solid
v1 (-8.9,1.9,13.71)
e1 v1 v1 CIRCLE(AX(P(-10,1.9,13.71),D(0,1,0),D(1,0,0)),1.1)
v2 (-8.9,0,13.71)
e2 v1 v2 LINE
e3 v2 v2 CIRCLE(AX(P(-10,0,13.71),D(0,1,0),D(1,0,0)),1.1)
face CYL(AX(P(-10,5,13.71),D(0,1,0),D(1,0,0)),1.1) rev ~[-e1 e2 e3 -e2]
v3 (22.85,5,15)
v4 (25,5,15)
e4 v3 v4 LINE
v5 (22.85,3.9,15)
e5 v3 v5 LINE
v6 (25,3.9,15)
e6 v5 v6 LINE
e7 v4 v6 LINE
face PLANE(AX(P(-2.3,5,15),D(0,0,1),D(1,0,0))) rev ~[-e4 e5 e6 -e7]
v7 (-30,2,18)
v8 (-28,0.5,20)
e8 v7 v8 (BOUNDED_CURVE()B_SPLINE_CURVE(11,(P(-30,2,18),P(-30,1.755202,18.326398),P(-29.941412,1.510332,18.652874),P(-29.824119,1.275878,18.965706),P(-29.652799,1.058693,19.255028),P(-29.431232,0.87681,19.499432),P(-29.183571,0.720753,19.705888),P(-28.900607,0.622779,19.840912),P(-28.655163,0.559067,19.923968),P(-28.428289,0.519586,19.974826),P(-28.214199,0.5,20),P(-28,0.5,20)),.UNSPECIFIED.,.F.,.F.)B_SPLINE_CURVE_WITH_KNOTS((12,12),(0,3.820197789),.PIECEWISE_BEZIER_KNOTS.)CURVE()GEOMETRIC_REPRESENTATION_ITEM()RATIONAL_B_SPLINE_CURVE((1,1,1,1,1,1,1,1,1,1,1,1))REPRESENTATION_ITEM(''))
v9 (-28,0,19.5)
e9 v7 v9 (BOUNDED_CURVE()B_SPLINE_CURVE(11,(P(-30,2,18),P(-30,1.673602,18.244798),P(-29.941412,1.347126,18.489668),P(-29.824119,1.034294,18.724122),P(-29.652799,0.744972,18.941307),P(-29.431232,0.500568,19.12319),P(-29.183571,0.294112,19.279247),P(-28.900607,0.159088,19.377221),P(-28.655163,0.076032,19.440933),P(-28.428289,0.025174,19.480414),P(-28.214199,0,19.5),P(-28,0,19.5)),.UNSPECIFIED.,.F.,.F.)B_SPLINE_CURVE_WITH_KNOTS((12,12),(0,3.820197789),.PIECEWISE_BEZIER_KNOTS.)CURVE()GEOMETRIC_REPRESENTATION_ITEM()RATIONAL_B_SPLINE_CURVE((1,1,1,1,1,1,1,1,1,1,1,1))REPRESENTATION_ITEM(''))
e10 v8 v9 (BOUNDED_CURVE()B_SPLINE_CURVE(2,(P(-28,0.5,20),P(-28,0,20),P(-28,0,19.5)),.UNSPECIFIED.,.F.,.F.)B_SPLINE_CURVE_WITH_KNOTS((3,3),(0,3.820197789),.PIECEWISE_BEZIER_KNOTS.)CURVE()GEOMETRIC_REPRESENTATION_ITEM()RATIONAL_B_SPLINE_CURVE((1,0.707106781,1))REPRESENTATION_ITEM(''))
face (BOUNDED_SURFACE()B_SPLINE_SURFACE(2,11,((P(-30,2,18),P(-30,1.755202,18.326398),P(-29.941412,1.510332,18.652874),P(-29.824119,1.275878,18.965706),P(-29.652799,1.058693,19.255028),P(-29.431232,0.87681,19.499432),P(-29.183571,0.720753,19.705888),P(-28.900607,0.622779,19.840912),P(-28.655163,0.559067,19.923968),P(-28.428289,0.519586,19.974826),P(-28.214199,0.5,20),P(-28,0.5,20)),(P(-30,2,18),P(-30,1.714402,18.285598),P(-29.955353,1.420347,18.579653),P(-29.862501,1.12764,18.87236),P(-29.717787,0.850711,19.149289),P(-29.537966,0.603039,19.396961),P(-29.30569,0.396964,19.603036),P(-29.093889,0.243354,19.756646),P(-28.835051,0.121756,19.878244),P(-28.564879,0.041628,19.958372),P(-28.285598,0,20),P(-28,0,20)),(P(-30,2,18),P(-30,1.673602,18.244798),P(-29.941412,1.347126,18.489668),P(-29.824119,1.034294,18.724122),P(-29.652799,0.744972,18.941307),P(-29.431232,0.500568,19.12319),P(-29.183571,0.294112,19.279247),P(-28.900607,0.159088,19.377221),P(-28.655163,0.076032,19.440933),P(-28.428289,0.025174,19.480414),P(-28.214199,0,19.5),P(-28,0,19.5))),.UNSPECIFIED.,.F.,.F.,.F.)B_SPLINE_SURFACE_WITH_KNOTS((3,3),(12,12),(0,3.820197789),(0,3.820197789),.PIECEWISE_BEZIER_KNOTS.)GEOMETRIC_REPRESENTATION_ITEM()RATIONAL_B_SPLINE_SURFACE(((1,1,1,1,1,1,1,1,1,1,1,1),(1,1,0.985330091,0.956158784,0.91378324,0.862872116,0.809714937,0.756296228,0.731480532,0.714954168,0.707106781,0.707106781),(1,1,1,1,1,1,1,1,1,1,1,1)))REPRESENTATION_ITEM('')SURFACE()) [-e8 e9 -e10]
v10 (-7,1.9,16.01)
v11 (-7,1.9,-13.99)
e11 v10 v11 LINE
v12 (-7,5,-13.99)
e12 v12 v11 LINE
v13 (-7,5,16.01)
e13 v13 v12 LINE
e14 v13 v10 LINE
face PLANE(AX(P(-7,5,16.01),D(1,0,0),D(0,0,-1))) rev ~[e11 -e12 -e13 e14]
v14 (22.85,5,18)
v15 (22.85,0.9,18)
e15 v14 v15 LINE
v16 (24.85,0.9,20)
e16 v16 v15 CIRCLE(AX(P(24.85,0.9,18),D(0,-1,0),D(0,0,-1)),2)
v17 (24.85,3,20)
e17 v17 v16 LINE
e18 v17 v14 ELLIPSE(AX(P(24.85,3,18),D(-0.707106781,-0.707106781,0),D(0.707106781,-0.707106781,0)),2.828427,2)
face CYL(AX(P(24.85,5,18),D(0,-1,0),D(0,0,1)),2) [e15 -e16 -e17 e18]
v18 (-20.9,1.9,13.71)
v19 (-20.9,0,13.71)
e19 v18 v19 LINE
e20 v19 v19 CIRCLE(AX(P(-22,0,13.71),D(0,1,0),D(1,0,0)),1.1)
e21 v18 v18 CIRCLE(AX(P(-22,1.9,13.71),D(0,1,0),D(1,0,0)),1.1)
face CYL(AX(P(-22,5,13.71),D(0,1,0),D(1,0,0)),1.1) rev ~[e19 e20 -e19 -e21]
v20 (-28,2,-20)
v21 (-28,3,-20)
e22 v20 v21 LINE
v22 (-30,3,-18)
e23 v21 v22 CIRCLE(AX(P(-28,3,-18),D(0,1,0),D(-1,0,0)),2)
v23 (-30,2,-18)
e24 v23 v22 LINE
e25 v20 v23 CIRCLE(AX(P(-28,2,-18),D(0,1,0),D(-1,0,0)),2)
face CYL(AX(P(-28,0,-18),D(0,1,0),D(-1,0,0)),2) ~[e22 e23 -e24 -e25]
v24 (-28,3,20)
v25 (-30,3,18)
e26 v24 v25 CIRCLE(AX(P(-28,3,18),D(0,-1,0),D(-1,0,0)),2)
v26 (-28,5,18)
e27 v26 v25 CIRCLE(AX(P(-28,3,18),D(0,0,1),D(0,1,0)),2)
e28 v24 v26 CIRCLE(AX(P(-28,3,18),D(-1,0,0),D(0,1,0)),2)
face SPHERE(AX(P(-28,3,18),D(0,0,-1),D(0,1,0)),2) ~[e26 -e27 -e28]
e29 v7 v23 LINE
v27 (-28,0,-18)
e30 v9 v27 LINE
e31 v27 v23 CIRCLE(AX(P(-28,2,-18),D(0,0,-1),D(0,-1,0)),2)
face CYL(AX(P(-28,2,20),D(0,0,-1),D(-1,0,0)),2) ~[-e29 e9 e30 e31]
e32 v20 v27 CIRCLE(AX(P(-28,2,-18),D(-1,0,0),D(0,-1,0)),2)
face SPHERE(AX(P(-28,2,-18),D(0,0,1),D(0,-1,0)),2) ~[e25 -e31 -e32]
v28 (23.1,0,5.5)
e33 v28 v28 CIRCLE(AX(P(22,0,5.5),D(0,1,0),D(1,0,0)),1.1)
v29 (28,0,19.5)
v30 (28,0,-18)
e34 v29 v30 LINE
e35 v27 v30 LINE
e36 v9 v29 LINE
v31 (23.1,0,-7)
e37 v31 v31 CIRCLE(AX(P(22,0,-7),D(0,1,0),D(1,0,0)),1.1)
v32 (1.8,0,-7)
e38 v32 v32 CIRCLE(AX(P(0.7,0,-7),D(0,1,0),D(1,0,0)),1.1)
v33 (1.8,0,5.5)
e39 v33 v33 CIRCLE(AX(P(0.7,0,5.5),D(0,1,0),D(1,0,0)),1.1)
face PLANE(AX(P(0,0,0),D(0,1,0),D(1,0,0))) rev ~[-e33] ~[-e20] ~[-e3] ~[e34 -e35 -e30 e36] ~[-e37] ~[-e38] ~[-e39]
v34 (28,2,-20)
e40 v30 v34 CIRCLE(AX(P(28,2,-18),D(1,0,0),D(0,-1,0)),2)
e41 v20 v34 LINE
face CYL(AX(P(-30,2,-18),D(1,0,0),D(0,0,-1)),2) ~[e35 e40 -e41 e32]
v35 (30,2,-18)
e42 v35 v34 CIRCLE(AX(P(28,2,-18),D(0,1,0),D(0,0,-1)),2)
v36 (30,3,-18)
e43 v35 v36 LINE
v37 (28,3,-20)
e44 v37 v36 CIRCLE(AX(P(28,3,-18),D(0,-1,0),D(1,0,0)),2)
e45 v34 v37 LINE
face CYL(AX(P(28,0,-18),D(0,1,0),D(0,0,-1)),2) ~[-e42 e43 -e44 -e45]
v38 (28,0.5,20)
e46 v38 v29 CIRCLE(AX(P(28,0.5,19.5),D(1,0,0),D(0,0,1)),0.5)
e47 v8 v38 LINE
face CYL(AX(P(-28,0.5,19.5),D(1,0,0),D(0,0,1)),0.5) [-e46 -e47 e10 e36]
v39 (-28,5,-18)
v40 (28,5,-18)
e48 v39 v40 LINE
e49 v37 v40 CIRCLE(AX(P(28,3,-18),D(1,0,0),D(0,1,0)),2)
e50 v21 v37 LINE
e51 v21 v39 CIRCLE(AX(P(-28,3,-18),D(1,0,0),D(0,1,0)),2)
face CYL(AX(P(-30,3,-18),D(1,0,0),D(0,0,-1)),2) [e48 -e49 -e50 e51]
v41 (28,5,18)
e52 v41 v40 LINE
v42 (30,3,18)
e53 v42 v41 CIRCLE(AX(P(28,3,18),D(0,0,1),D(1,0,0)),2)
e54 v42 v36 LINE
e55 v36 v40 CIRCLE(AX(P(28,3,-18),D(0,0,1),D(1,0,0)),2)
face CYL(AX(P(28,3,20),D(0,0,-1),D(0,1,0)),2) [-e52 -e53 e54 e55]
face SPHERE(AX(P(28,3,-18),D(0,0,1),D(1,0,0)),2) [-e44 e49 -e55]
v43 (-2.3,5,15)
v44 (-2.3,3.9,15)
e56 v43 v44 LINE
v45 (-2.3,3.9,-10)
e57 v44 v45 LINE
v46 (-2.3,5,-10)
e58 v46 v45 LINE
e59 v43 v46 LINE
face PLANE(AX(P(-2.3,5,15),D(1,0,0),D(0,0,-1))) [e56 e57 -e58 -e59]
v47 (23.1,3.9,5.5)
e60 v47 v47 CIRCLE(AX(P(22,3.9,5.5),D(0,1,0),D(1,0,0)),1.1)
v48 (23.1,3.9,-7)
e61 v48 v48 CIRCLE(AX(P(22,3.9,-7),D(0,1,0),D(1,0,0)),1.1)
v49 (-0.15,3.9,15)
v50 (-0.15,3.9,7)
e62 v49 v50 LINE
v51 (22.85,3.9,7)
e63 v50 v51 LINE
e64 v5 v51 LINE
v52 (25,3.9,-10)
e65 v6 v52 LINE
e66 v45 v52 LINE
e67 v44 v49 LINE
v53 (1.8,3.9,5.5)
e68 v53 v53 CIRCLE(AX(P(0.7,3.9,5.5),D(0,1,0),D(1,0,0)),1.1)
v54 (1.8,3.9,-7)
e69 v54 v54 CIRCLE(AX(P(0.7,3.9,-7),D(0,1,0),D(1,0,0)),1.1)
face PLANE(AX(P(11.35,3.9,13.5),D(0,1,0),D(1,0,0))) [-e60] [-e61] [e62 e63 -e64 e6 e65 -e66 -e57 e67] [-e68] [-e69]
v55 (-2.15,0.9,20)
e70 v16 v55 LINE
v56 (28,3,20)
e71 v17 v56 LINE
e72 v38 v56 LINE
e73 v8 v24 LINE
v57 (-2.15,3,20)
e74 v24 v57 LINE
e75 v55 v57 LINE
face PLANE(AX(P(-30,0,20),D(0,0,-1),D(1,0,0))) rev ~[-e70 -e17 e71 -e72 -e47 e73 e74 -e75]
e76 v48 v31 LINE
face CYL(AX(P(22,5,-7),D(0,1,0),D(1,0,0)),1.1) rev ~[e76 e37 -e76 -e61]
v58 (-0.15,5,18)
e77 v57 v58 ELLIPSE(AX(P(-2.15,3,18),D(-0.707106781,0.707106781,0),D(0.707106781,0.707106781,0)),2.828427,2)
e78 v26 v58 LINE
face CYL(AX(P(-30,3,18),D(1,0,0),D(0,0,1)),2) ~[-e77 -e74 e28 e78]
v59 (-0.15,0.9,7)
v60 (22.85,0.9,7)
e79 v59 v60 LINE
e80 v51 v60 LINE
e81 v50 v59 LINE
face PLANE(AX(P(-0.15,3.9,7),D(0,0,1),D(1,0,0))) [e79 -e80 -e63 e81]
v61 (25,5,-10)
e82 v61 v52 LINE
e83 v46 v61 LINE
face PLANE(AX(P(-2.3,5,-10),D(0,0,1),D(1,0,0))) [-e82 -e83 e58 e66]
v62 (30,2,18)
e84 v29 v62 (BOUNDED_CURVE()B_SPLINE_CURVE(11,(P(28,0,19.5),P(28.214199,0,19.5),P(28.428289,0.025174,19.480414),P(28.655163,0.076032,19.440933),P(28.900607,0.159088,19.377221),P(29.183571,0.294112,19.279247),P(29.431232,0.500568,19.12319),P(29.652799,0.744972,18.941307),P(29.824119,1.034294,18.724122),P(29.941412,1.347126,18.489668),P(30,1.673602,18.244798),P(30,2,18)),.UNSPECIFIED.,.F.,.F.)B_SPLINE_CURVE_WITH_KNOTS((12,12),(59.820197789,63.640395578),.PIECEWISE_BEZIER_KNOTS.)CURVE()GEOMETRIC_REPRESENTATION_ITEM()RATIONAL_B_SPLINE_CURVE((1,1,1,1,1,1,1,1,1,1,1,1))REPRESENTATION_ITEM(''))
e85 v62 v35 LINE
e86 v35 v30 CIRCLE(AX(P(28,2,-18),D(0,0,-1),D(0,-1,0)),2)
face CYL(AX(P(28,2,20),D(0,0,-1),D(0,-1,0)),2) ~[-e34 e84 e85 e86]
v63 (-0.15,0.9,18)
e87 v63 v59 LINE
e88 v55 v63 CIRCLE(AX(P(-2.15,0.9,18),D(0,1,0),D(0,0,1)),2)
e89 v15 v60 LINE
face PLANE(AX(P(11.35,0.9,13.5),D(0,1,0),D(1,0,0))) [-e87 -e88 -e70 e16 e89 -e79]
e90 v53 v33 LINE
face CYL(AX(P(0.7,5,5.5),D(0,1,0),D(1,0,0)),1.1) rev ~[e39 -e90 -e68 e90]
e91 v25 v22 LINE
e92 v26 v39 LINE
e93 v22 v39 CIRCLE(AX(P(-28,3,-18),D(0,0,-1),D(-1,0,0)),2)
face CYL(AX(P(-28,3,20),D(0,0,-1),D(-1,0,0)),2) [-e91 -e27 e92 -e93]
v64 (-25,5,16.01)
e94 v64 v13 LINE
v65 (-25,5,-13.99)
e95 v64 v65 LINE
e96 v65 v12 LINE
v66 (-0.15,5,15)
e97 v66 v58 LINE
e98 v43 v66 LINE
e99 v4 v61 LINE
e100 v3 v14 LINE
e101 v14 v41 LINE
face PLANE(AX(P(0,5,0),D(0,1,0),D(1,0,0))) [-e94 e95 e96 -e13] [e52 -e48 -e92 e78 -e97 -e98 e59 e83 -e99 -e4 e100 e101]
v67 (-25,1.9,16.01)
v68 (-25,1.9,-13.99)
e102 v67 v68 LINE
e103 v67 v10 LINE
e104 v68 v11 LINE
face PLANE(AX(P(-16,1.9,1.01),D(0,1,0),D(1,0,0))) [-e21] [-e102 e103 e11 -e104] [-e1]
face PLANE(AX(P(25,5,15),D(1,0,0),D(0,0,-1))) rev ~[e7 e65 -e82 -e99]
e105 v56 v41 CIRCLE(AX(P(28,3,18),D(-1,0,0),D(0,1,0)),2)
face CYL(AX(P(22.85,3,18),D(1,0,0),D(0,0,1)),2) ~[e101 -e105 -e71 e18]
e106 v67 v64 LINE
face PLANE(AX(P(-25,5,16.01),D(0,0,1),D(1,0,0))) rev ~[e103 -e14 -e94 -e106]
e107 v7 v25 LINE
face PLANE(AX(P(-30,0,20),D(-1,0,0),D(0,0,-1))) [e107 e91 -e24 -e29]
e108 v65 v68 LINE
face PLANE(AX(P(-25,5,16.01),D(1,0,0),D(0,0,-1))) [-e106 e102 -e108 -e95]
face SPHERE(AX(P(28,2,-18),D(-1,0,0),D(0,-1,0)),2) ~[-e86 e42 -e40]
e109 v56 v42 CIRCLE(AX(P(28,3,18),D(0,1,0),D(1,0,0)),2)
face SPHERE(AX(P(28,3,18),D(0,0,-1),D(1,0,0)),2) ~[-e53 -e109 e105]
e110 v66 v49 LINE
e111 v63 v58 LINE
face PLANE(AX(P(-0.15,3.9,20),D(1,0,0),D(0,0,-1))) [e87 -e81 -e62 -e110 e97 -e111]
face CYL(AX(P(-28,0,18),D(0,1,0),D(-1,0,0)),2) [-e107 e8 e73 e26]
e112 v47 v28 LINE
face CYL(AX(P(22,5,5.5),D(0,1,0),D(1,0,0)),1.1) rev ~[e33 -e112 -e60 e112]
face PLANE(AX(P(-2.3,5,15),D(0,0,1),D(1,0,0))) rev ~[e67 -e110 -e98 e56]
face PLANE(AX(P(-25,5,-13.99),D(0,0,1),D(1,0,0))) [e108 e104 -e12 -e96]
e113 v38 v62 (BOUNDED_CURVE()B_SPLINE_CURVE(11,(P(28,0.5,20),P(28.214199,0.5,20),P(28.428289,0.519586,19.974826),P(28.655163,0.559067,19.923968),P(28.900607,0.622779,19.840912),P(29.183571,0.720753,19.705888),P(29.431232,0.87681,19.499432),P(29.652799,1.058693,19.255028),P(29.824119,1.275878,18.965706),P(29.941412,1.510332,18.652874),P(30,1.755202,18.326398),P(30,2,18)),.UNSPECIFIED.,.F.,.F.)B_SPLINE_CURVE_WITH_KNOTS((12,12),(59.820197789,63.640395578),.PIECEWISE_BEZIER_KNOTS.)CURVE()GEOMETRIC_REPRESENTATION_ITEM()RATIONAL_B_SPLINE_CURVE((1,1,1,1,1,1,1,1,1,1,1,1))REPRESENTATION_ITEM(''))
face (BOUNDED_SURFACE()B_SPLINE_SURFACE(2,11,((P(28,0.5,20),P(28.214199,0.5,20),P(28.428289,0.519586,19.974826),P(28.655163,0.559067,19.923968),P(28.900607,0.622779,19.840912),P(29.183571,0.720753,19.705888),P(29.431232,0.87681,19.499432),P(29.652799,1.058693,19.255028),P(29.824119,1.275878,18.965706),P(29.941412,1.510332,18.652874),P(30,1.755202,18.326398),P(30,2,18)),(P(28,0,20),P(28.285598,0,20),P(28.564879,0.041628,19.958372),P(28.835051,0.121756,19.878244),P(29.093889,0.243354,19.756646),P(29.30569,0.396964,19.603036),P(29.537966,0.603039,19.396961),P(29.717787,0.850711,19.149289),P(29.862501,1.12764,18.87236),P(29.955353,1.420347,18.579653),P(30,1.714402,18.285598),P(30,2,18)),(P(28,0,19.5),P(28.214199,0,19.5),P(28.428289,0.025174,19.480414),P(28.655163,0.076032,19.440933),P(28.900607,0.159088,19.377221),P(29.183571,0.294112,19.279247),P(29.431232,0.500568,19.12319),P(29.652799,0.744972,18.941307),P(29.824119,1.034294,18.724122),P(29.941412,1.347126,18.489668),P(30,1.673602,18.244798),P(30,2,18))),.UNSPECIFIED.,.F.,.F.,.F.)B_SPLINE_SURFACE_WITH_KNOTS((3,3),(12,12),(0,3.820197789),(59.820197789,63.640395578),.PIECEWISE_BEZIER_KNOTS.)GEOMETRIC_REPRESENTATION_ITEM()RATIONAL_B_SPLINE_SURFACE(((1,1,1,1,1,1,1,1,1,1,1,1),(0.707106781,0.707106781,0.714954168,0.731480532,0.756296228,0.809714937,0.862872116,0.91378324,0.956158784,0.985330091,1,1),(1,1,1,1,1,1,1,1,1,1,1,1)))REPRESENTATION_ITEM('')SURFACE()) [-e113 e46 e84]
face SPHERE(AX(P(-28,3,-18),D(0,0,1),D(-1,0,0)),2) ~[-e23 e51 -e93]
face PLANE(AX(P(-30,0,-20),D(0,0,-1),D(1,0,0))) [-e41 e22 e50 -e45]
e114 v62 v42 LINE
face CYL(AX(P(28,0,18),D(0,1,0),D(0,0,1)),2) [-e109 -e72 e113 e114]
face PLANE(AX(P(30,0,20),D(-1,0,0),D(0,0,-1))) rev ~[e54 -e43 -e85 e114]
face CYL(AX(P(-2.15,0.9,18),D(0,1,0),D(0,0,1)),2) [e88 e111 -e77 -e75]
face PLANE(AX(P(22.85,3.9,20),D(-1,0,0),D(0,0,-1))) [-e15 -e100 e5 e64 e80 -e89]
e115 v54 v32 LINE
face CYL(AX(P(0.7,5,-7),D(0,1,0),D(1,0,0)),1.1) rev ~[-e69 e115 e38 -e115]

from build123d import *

# Parameters (mm, degrees)
SKETCH1_W               = 60
SKETCH1_H               = 40
BOSS_EXTRUDE1_DEPTH     = 5
SKETCH2_W               = 18
SKETCH2_H               = 30
SKETCH2_R               = 1.1
SKETCH2_W_2             = 27.3
SKETCH2_H_2             = 25
CUT_EXTRUDE1_DEPTH      = 1.1
SKETCH3_W               = 18
SKETCH3_H               = 30
SKETCH3_R               = 1.1
CUT_EXTRUDE2_DEPTH      = 2
SKETCH4_W               = 23
SKETCH4_H               = 13
CUT_EXTRUDE3_DEPTH      = 4
CUT_EXTRUDE3_DEPTH_BACK = 3
SKETCH5_R               = 1.1
CUT_EXTRUDE4_DEPTH      = 6
FILLET1_R               = 2
FILLET2_R               = 0.5


with BuildPart() as part:
    # Sketch1 → Boss-Extrude1 (new body)
    with BuildSketch(Plane(origin=(0, 0, 0), x_dir=(1, 0, 0), z_dir=(0, 1, 0))):
        Rectangle(SKETCH1_W, SKETCH1_H)
    extrude(amount=BOSS_EXTRUDE1_DEPTH)

    # Sketch2 → Cut-Extrude1 (cut)
    with BuildSketch(Plane(origin=(0, 5, 0), x_dir=(1, 0, 0), z_dir=(0, 1, 0))):
        with Locations((-16, -1.01)):
            Rectangle(SKETCH2_W, SKETCH2_H)
        with Locations((-22, -13.71)):
            Circle(SKETCH2_R, mode=Mode.SUBTRACT)
        with Locations((-10, -13.71)):
            Circle(SKETCH2_R, mode=Mode.SUBTRACT)
        with Locations((11.35, -2.5)):
            Rectangle(SKETCH2_W_2, SKETCH2_H_2)
        with Locations((0.7, 7)):
            Circle(SKETCH2_R, mode=Mode.SUBTRACT)
        with Locations((0.7, -5.5)):
            Circle(SKETCH2_R, mode=Mode.SUBTRACT)
        with Locations((22, -5.5)):
            Circle(SKETCH2_R, mode=Mode.SUBTRACT)
        with Locations((22, 7)):
            Circle(SKETCH2_R, mode=Mode.SUBTRACT)
    extrude(amount=-CUT_EXTRUDE1_DEPTH, mode=Mode.SUBTRACT)

    # Sketch3 → Cut-Extrude2 (cut)
    with BuildSketch(Plane(origin=(0, 3.9, 0), x_dir=(1, 0, 0), z_dir=(0, 1, 0))):
        with Locations((-16, -1.01)):
            Rectangle(SKETCH3_W, SKETCH3_H)
        with Locations((-10, -13.71)):
            Circle(SKETCH3_R, mode=Mode.SUBTRACT)
        with Locations((-22, -13.71)):
            Circle(SKETCH3_R, mode=Mode.SUBTRACT)
    extrude(amount=-CUT_EXTRUDE2_DEPTH, mode=Mode.SUBTRACT)

    # Sketch4 → Cut-Extrude3 (cut, two sides)
    with BuildSketch(Plane(origin=(0, 3.9, 0), x_dir=(1, 0, 0), z_dir=(0, 1, 0))) as cut_extrude3_sk:
        with Locations((11.35, -13.5)):
            Rectangle(SKETCH4_W, SKETCH4_H)
    extrude(amount=CUT_EXTRUDE3_DEPTH, mode=Mode.SUBTRACT)
    extrude(cut_extrude3_sk.sketch, amount=-CUT_EXTRUDE3_DEPTH_BACK, mode=Mode.SUBTRACT)

    # Sketch5 → Cut-Extrude4 (cut, through all)
    with BuildSketch(Plane(origin=(0, 5, 0), x_dir=(1, 0, 0), z_dir=(0, 1, 0))):
        with Locations((22, 7)):
            Circle(SKETCH5_R)
        with Locations((22, -5.5)):
            Circle(SKETCH5_R)
        with Locations((0.7, -5.5)):
            Circle(SKETCH5_R)
        with Locations((0.7, 7)):
            Circle(SKETCH5_R)
        with Locations((-10, -13.71)):
            Circle(SKETCH5_R)
        with Locations((-22, -13.71)):
            Circle(SKETCH5_R)
    extrude(amount=-CUT_EXTRUDE4_DEPTH, mode=Mode.SUBTRACT)

    # Fillet1
    fillet1_edges = [part.edges().sort_by_distance(p)[0] for p in [
        (-30, 5, 0),
        (-15.075, 5, 20),
        (30, 5, 0),
        (-30, 0, 0),
        (0, 0, -20),
        (30, 0, 0),
        (30, 2.5, 20),
        (-30, 2.5, 20),
        (-30, 2.5, -20),
        (30, 2.5, -20),
        (26.425, 5, 20),
        (-0.15, 2.95, 20),
        (22.85, 2.95, 20),
        (0, 5, -20),
    ]]
    fillet(fillet1_edges, radius=FILLET1_R)

    # Fillet2
    fillet2_edges = [part.edges().sort_by_distance(p)[0] for p in [
        (0, 0, 20),
        (29.526592034, 0.707902185, 19.292097815),
        (-29.526592034, 0.707902185, 19.292097815),
    ]]
    fillet(fillet2_edges, radius=FILLET2_R)


solid = part.part
